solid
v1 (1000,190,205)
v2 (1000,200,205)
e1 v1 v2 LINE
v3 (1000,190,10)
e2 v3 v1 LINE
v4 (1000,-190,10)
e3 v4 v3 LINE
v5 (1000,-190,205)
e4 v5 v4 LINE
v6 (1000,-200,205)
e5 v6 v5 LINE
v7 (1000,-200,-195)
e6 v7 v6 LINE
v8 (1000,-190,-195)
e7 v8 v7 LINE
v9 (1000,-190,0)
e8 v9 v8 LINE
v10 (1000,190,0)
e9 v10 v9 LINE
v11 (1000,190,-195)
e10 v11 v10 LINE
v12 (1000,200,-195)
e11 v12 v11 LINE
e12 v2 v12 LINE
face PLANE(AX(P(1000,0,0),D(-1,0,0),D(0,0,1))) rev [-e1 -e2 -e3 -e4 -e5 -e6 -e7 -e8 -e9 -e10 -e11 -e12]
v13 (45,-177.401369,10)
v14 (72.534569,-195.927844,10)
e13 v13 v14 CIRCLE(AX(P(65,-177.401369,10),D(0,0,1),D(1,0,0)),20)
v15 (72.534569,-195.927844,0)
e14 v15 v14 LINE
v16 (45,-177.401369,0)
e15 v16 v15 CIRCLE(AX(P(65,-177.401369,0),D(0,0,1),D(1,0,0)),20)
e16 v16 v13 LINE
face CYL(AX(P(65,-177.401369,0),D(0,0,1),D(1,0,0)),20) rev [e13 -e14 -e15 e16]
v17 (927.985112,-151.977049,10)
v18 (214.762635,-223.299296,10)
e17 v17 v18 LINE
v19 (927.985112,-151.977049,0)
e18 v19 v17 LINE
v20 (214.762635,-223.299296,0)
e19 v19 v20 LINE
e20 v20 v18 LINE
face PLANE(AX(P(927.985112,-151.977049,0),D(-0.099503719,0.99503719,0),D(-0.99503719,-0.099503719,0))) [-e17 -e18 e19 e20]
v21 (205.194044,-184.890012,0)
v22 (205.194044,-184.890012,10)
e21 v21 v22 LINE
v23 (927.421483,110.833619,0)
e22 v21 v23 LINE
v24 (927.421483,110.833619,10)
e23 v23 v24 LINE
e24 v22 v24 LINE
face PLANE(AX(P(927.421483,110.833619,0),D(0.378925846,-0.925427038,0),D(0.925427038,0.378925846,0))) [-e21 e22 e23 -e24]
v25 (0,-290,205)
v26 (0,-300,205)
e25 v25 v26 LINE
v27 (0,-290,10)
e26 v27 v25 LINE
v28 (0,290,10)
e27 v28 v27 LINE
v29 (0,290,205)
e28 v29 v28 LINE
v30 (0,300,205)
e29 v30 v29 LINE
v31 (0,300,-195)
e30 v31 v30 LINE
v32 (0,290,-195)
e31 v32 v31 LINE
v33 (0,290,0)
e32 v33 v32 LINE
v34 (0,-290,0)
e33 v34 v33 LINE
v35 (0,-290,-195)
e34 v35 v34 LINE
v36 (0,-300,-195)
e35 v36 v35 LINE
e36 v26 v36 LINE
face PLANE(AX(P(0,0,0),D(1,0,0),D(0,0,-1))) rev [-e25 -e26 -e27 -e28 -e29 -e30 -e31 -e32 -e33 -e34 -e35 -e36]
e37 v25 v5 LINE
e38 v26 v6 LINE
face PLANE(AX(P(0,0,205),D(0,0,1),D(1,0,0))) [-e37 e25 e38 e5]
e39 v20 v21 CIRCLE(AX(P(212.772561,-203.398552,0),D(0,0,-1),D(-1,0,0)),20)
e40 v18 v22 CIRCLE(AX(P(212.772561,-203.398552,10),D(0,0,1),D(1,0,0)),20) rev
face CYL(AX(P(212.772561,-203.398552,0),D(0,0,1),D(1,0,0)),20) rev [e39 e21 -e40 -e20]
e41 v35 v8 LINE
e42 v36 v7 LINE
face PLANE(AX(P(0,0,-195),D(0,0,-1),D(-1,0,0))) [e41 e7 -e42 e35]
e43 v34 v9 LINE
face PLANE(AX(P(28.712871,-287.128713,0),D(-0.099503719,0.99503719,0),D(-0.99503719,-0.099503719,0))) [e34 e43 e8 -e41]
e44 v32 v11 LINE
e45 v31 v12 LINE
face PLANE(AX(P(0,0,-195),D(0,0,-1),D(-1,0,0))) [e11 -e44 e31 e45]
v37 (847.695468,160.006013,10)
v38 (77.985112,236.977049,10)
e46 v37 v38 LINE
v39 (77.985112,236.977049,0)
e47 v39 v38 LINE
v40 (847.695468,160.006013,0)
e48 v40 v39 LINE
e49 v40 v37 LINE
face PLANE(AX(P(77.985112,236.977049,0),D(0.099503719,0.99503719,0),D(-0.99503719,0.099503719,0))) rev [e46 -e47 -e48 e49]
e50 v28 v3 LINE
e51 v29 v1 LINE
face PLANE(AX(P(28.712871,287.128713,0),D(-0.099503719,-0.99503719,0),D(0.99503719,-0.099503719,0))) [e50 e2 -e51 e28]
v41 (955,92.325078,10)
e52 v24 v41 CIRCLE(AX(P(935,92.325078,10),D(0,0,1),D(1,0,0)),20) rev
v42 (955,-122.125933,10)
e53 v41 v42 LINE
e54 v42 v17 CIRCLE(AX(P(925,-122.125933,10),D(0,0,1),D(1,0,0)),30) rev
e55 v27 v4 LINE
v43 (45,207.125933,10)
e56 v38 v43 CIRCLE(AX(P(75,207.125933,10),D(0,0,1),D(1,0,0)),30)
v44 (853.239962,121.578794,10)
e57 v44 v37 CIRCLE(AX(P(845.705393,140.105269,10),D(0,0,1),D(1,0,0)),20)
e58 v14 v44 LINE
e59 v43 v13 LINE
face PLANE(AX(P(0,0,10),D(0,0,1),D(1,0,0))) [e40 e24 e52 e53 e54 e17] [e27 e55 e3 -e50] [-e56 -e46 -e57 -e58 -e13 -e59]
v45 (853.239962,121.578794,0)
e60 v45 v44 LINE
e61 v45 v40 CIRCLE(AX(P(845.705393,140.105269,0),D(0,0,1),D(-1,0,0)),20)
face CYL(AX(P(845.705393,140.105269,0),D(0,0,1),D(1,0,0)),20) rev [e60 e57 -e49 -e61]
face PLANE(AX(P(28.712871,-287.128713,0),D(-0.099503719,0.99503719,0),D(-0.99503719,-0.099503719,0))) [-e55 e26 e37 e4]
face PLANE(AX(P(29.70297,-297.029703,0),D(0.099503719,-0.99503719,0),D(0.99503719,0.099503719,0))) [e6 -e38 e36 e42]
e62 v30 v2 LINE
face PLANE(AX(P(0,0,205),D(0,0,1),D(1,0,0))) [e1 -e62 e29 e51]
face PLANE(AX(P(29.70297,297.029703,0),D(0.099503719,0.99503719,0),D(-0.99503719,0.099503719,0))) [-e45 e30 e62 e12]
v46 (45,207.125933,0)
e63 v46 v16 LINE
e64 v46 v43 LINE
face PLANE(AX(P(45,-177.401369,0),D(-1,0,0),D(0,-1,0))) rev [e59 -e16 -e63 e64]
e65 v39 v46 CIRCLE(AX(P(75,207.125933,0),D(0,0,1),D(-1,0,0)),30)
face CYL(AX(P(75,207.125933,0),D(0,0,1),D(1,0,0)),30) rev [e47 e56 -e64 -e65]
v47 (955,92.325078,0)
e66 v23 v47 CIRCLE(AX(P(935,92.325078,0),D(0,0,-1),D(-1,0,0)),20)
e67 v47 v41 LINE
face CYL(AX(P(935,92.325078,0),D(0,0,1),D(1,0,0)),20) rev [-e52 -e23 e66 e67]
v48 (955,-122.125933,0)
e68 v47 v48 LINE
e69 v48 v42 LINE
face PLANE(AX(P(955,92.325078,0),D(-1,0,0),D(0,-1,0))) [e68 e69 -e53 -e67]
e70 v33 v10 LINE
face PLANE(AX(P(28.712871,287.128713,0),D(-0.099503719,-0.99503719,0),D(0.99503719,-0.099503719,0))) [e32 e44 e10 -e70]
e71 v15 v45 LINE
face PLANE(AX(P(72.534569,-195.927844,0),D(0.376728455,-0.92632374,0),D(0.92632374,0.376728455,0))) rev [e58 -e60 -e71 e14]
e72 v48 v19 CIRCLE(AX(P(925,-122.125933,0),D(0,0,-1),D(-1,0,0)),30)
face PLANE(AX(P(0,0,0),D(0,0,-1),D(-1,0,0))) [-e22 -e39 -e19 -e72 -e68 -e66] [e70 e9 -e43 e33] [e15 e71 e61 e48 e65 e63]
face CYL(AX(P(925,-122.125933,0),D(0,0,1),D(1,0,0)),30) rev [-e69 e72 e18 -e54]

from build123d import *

# Parameters (mm, degrees)
CUT_EXTRUDE2_DEPTH = 1076.127215203


with BuildPart() as part:
    # Sketch1 → Loft4 section 0
    with BuildSketch(Plane(origin=(0, 0, 0), x_dir=(0, 0, -1), z_dir=(1, 0, 0))):
        Polygon((-205, 300), (195, 300), (195, 290), (0, 290), (0, -290), (195, -290), (195, -300), (-205, -300), (-205, -290), (-10, -290), (-10, 290), (-205, 290), align=None)
    # Sketch4 → Loft4 section 1
    with BuildSketch(Plane(origin=(1000, 0, -1000), x_dir=(0, 0, 1), z_dir=(-1, 0, 0))):
        Polygon((805, 200), (1205, 200), (1205, 190), (1010, 190), (1010, -190), (1205, -190), (1205, -200), (805, -200), (805, -190), (1000, -190), (1000, 190), (805, 190), align=None)
    loft()

    # 3DSketch1 → Cut-Extrude2 (cut, through all)
    with BuildSketch(Plane(origin=(955, -149.275559705, 0), x_dir=(-0.9193091385176674, 0.39353615823441734, 0), z_dir=(0, 0, 1))):
        with BuildLine():
            Line((23.771900268, 13.114838789), (651.375957176, 359.360866092))
            ThreePointArc((651.375957176, 359.360866092), (676.975392867, 353.930952286), (675.287892891, 327.816446442))
            Line((675.287892891, 327.816446442), (127.715549412, -228.2676011))
            ThreePointArc((127.715549412, -228.2676011), (109.754280938, -233.887743911), (95.078586754, -222.105674031))
            Line((95.078586754, -222.105674031), (10.684359853, -24.958900083))
            ThreePointArc((10.684359853, -24.958900083), (9.89296563, -3.400627082), (23.771900268, 13.114838789))
        make_face()
        with BuildLine():
            Line((825.502793093, 383.974217556), (976.828190217, 30.474754914))
            ThreePointArc((976.828190217, 30.474754914), (976.508407209, 6.141893153), (958.252169109, -9.948482636))
            Line((958.252169109, -9.948482636), (220.359519027, -242.09716271))
            ThreePointArc((220.359519027, -242.09716271), (197.283607657, -233.434785068), (200.139914384, -208.95262863))
            Line((200.139914384, -208.95262863), (792.899174378, 390.169926603))
            ThreePointArc((792.899174378, 390.169926603), (810.850417384, 395.751870528), (825.502793093, 383.974217556))
        make_face()
    extrude(amount=CUT_EXTRUDE2_DEPTH, mode=Mode.SUBTRACT)


solid = part.part
